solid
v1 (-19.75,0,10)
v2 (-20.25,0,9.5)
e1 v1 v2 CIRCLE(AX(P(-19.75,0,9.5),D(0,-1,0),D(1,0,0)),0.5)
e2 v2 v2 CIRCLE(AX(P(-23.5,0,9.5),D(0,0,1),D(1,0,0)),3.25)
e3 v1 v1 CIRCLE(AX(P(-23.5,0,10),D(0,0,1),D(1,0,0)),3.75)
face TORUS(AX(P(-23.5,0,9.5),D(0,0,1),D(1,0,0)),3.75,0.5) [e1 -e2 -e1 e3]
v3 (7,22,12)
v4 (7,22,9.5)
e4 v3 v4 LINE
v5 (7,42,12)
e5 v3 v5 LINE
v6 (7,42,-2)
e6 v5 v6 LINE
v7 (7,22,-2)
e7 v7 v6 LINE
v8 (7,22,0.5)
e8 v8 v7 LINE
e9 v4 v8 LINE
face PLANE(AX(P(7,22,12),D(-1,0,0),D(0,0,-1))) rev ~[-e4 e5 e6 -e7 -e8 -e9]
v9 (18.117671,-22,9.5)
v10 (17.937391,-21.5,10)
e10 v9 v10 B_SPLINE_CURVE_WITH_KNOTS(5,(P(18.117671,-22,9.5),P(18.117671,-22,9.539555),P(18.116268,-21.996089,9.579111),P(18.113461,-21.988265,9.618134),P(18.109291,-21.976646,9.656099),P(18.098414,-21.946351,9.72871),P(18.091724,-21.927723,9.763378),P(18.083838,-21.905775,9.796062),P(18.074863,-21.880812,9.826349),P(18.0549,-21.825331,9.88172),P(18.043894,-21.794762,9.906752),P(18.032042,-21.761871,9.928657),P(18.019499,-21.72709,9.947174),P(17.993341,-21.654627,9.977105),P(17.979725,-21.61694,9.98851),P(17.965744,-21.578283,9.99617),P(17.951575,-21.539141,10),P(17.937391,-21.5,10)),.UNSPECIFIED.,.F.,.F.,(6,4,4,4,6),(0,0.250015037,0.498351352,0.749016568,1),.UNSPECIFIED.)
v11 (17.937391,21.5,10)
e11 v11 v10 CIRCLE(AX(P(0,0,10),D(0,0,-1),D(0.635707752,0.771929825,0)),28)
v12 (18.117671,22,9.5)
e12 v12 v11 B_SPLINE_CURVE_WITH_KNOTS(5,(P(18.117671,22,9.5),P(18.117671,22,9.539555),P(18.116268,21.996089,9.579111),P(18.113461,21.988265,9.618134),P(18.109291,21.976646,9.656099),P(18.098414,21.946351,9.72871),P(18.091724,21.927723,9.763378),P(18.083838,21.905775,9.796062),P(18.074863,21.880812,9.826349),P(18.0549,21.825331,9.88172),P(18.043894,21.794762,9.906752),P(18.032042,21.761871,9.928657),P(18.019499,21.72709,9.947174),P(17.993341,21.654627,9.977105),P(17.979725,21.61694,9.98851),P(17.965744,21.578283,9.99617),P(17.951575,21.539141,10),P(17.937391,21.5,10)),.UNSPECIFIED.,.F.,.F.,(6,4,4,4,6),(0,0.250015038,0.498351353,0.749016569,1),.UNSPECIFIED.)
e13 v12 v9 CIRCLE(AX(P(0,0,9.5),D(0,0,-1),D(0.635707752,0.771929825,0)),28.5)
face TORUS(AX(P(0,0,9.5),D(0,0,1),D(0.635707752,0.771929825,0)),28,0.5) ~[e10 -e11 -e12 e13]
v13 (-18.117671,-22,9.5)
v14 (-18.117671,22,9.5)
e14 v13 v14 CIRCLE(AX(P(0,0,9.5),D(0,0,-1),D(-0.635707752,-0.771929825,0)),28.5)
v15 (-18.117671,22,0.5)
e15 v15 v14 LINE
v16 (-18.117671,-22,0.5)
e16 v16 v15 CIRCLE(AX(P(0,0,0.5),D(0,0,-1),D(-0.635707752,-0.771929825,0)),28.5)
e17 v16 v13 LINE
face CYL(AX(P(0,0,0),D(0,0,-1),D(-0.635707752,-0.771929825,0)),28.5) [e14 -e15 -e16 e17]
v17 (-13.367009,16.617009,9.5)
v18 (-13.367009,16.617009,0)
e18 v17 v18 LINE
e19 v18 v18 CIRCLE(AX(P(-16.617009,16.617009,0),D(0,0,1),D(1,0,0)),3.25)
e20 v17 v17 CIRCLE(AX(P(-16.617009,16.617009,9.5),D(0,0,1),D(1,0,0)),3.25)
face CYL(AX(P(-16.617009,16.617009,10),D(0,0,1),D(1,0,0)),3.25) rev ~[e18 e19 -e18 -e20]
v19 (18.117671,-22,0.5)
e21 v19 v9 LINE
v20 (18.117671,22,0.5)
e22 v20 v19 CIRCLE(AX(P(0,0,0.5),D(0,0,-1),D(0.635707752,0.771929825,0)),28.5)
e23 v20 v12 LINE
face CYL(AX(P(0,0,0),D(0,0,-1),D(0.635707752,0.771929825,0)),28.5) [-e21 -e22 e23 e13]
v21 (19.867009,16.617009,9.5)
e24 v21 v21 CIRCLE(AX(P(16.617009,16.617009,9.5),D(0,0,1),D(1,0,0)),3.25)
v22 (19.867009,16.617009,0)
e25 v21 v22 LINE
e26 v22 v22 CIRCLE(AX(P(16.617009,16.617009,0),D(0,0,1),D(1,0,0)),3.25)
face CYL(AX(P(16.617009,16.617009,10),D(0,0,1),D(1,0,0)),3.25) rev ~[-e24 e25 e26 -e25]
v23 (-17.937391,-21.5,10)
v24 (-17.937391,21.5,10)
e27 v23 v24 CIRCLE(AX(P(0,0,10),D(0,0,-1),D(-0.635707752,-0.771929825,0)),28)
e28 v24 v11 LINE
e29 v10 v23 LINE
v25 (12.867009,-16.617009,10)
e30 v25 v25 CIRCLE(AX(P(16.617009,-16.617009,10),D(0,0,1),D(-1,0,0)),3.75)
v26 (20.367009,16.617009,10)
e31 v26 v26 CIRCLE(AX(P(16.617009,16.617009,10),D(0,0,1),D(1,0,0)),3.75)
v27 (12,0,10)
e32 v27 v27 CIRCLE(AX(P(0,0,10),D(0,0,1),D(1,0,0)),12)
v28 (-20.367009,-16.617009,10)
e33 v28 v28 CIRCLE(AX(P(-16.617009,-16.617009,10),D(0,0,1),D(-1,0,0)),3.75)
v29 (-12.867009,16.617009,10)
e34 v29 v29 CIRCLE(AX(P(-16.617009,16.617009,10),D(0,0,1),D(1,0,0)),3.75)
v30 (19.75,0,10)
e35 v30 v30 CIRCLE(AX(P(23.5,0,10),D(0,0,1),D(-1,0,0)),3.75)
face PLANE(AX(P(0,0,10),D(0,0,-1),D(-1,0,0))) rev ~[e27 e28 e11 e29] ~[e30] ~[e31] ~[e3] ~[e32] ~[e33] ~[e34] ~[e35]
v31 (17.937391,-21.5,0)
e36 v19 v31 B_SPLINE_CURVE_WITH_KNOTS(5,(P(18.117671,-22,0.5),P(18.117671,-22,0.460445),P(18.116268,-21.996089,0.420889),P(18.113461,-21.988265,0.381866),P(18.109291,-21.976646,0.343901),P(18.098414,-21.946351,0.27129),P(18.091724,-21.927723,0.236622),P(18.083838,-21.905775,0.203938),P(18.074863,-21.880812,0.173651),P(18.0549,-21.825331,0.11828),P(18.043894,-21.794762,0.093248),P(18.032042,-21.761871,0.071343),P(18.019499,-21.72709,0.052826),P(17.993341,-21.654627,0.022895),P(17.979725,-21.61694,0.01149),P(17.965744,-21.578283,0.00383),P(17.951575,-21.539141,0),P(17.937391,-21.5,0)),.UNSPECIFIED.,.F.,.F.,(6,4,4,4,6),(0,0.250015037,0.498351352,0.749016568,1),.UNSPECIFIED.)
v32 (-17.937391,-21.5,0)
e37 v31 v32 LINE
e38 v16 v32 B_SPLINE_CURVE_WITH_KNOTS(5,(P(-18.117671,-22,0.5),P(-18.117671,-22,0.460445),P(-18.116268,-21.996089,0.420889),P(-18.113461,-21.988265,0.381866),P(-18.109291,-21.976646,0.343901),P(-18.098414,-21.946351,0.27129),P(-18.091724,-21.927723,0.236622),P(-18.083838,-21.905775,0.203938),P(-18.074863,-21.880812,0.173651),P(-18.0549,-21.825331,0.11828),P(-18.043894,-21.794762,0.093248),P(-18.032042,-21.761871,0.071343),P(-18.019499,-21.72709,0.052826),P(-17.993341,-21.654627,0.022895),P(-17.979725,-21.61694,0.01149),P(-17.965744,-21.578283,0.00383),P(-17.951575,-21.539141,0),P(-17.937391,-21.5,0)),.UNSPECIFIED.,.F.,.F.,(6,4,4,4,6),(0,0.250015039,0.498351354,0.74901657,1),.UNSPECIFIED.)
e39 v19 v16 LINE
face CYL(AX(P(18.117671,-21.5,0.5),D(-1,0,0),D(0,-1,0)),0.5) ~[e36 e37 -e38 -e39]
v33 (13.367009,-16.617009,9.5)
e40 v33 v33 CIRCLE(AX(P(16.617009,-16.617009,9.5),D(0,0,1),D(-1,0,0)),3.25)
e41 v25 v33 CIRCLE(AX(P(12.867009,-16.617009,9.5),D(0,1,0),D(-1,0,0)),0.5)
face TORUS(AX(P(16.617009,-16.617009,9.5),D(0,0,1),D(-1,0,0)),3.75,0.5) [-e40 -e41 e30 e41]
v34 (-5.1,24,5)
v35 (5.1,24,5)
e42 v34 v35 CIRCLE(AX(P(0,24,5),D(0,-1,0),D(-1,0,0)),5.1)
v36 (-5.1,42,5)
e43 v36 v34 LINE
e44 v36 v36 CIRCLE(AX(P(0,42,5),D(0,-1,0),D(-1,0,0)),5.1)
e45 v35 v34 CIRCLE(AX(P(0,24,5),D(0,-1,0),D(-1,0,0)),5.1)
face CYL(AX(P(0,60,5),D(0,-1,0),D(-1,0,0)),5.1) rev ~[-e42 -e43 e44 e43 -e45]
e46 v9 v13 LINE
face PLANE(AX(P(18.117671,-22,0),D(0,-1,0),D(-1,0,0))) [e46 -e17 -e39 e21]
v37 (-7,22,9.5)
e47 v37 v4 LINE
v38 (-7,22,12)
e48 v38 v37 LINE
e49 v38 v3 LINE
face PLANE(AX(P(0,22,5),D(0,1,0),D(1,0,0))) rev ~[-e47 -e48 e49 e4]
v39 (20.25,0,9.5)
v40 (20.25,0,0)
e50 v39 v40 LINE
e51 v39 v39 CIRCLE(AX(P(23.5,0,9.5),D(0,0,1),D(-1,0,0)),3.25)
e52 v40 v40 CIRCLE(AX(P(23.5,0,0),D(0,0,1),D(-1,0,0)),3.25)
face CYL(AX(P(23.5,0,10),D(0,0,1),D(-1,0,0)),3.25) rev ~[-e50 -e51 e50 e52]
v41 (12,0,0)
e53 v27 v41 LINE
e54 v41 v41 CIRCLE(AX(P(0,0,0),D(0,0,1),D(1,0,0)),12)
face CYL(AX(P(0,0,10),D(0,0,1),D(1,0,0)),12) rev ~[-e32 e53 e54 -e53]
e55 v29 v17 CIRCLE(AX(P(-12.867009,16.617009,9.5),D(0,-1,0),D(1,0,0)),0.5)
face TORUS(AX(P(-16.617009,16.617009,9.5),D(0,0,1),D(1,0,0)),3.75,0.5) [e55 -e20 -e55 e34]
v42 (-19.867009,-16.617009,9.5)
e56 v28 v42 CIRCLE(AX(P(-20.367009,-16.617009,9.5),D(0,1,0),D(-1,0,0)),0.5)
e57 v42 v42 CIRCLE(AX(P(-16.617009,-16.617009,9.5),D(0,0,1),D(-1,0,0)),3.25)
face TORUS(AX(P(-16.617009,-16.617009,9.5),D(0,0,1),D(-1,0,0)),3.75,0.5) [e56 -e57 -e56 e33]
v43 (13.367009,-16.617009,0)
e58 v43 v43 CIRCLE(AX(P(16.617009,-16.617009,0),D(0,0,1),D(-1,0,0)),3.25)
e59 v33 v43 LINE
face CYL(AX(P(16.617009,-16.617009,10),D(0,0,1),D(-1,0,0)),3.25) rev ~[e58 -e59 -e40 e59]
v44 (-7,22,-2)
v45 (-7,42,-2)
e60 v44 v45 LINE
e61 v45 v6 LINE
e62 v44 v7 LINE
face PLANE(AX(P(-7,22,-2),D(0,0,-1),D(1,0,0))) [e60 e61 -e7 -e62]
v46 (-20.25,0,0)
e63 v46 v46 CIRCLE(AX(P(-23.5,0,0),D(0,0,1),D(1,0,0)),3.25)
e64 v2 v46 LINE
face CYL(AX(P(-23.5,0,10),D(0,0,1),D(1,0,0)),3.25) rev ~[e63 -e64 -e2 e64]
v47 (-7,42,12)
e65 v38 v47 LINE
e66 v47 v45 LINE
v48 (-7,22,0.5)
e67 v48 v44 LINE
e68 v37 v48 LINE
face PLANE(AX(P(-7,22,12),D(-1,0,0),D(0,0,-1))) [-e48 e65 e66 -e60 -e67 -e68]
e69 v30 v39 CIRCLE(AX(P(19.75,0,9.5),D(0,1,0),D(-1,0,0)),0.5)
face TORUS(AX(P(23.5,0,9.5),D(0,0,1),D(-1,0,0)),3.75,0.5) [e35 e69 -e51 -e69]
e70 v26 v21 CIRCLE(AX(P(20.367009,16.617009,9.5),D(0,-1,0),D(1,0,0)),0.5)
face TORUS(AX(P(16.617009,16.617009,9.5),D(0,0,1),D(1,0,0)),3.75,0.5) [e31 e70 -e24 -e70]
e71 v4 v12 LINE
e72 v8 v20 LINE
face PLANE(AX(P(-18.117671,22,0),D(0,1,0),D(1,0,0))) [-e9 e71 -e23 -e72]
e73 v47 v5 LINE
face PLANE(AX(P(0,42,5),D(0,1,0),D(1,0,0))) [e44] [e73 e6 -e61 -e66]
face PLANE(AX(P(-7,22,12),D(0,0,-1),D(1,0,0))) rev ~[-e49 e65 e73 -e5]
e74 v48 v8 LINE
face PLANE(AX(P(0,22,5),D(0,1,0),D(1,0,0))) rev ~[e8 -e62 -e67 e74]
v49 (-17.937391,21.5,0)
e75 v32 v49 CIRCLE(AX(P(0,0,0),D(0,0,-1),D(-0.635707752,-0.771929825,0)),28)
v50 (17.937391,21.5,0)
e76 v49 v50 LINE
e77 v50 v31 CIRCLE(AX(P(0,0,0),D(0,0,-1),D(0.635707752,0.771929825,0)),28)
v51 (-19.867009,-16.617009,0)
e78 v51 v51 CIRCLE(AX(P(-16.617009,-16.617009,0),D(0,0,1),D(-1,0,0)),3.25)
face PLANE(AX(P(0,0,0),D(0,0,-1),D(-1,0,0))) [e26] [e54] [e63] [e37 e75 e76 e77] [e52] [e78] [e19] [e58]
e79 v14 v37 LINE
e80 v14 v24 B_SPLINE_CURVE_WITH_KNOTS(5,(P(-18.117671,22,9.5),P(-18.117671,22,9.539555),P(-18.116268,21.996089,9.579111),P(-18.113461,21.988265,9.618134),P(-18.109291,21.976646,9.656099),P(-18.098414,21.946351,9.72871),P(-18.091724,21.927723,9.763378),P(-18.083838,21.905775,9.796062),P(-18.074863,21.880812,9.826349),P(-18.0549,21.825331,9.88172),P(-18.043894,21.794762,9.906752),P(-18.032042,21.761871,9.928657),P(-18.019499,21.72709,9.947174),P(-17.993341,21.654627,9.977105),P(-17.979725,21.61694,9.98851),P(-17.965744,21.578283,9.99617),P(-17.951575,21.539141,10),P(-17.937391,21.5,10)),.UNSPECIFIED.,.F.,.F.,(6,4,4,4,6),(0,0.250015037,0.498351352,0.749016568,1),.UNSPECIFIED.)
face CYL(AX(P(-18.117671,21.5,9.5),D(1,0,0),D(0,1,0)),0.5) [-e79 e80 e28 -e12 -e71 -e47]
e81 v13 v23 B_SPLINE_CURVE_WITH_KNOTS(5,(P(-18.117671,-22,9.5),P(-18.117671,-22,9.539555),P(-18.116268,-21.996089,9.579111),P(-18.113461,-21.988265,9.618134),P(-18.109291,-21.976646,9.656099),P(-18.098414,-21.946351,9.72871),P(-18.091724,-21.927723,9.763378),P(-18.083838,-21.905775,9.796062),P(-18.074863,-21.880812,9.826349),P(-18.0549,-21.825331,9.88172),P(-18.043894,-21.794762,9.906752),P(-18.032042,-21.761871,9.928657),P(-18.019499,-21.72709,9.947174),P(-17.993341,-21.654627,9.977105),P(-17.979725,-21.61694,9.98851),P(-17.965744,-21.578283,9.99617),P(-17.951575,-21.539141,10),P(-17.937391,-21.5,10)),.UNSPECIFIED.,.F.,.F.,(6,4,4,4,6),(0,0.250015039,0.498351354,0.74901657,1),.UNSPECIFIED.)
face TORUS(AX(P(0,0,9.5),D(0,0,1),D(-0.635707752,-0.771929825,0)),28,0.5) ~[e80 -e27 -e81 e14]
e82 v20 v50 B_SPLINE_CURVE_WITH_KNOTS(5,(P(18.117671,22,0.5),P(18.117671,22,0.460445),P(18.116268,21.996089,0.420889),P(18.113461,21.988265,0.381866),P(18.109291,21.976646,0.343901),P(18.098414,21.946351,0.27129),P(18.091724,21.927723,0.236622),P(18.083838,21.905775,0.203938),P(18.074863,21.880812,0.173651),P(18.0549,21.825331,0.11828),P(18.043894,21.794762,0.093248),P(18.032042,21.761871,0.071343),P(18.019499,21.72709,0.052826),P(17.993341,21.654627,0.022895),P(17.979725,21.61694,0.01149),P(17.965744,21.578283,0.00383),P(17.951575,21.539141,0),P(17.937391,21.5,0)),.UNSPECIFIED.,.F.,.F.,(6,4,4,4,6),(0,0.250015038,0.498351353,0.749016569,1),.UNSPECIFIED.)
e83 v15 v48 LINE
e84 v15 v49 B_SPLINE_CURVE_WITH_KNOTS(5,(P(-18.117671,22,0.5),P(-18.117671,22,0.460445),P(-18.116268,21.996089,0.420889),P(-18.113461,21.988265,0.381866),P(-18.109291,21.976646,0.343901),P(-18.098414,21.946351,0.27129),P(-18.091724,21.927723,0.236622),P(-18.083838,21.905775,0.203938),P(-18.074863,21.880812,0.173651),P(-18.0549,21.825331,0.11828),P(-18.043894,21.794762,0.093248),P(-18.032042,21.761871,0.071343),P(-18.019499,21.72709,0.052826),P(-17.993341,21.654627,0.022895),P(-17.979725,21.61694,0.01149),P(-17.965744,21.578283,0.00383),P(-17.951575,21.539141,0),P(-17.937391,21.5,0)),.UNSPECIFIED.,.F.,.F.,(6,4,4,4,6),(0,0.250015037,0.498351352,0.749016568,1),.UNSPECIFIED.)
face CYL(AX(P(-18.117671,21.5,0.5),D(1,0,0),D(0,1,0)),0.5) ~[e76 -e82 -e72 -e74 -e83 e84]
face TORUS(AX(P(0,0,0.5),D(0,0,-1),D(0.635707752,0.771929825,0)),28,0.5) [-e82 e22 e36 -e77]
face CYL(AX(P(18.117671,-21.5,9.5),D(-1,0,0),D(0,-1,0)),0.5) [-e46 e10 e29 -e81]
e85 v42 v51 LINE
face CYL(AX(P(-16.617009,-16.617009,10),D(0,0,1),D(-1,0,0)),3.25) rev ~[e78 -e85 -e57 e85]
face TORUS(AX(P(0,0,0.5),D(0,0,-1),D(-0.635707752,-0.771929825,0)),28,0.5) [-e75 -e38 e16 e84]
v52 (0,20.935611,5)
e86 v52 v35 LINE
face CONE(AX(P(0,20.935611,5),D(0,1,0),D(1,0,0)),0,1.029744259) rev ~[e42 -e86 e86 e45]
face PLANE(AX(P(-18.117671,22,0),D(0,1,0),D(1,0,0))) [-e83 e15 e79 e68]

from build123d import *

# Parameters (mm, degrees)
BOSS_EXTRU_1_DEPTH      = 10
CONG_1_R                = 0.5
ESQUISSE2_R             = 12
ESQUISSE2_R_2           = 3.25
ENL_V_MAT_EXTRU_1_DEPTH = 10
CONG_2_R                = 0.5
ESQUISSE3_W             = 14
ESQUISSE3_H             = 14
BOSS_EXTRU_3_DEPTH      = 20
M12_TAPPED_HOLE1_D      = 10.2
M12_TAPPED_HOLE1_DEPTH  = 18
M12_TAPPED_HOLE1_TIP    = 3.064389157


with BuildPart() as part:
    # Esquisse1 → Boss.-Extru.1 (new body)
    with BuildSketch(Plane.XY):
        with BuildLine():
            Line((-18.117670932, 22), (18.117670932, 22))
            ThreePointArc((18.117670932, 22), (28.5, 0), (18.117670932, -22))
            Line((18.117670932, -22), (-18.117670932, -22))
            ThreePointArc((-18.117670932, -22), (-28.5, 0), (-18.117670932, 22))
        make_face()
    extrude(amount=BOSS_EXTRU_1_DEPTH)

    # Congé1
    cong_1_edges = [part.edges().sort_by_distance(p)[0] for p in [
        (0, -22, 0),
        (-28.5, 0, 0),
        (0, 22, 0),
        (28.5, 0, 0),
        (28.5, 0, 10),
        (0, -22, 10),
        (-28.5, 0, 10),
        (0, 22, 10),
    ]]
    fillet(cong_1_edges, radius=CONG_1_R)

    # Esquisse2 → Enlèv. mat.-Extru.1 (cut)
    with BuildSketch(Plane.XY.offset(10)):
        Circle(ESQUISSE2_R)
        with Locations((-23.5, 0)):
            Circle(ESQUISSE2_R_2)
        with Locations((23.5, 0)):
            Circle(ESQUISSE2_R_2)
        with Locations((-16.617009358, 16.617009358)):
            Circle(ESQUISSE2_R_2)
        with Locations((16.617009358, -16.617009358)):
            Circle(ESQUISSE2_R_2)
        with Locations((16.617009358, 16.617009358)):
            Circle(ESQUISSE2_R_2)
        with Locations((-16.617009358, -16.617009358)):
            Circle(ESQUISSE2_R_2)
    extrude(amount=-ENL_V_MAT_EXTRU_1_DEPTH, mode=Mode.SUBTRACT)

    # Congé2
    cong_2_edges = [part.edges().sort_by_distance(p)[0] for p in [
        (13.367009358, 16.617009358, 10),
        (20.25, 0, 10),
        (13.367009358, -16.617009358, 10),
        (-19.867009358, -16.617009358, 10),
        (-26.75, 0, 10),
        (-19.867009358, 16.617009358, 10),
    ]]
    fillet(cong_2_edges, radius=CONG_2_R)

    # Esquisse3 → Boss.-Extru.3 (add)
    with BuildSketch(Plane(origin=(0, 22, 0), x_dir=(1, 0, 0), z_dir=(0, 1, 0))):
        with Locations((0, -5)):
            Rectangle(ESQUISSE3_W, ESQUISSE3_H)
    extrude(amount=BOSS_EXTRU_3_DEPTH)

    # M12 Tapped Hole1
    with Locations(Plane(origin=(0, 42, 0), x_dir=(1, 0, 0), z_dir=(0, 1, 0))):
        with Locations((0, -5)):
            Hole(M12_TAPPED_HOLE1_D / 2, depth=M12_TAPPED_HOLE1_DEPTH)
            with Locations((0, 0, -(M12_TAPPED_HOLE1_DEPTH + M12_TAPPED_HOLE1_TIP / 2))):  # 118° drill point
                Cone(0, M12_TAPPED_HOLE1_D / 2, M12_TAPPED_HOLE1_TIP, mode=Mode.SUBTRACT)


solid = part.part
